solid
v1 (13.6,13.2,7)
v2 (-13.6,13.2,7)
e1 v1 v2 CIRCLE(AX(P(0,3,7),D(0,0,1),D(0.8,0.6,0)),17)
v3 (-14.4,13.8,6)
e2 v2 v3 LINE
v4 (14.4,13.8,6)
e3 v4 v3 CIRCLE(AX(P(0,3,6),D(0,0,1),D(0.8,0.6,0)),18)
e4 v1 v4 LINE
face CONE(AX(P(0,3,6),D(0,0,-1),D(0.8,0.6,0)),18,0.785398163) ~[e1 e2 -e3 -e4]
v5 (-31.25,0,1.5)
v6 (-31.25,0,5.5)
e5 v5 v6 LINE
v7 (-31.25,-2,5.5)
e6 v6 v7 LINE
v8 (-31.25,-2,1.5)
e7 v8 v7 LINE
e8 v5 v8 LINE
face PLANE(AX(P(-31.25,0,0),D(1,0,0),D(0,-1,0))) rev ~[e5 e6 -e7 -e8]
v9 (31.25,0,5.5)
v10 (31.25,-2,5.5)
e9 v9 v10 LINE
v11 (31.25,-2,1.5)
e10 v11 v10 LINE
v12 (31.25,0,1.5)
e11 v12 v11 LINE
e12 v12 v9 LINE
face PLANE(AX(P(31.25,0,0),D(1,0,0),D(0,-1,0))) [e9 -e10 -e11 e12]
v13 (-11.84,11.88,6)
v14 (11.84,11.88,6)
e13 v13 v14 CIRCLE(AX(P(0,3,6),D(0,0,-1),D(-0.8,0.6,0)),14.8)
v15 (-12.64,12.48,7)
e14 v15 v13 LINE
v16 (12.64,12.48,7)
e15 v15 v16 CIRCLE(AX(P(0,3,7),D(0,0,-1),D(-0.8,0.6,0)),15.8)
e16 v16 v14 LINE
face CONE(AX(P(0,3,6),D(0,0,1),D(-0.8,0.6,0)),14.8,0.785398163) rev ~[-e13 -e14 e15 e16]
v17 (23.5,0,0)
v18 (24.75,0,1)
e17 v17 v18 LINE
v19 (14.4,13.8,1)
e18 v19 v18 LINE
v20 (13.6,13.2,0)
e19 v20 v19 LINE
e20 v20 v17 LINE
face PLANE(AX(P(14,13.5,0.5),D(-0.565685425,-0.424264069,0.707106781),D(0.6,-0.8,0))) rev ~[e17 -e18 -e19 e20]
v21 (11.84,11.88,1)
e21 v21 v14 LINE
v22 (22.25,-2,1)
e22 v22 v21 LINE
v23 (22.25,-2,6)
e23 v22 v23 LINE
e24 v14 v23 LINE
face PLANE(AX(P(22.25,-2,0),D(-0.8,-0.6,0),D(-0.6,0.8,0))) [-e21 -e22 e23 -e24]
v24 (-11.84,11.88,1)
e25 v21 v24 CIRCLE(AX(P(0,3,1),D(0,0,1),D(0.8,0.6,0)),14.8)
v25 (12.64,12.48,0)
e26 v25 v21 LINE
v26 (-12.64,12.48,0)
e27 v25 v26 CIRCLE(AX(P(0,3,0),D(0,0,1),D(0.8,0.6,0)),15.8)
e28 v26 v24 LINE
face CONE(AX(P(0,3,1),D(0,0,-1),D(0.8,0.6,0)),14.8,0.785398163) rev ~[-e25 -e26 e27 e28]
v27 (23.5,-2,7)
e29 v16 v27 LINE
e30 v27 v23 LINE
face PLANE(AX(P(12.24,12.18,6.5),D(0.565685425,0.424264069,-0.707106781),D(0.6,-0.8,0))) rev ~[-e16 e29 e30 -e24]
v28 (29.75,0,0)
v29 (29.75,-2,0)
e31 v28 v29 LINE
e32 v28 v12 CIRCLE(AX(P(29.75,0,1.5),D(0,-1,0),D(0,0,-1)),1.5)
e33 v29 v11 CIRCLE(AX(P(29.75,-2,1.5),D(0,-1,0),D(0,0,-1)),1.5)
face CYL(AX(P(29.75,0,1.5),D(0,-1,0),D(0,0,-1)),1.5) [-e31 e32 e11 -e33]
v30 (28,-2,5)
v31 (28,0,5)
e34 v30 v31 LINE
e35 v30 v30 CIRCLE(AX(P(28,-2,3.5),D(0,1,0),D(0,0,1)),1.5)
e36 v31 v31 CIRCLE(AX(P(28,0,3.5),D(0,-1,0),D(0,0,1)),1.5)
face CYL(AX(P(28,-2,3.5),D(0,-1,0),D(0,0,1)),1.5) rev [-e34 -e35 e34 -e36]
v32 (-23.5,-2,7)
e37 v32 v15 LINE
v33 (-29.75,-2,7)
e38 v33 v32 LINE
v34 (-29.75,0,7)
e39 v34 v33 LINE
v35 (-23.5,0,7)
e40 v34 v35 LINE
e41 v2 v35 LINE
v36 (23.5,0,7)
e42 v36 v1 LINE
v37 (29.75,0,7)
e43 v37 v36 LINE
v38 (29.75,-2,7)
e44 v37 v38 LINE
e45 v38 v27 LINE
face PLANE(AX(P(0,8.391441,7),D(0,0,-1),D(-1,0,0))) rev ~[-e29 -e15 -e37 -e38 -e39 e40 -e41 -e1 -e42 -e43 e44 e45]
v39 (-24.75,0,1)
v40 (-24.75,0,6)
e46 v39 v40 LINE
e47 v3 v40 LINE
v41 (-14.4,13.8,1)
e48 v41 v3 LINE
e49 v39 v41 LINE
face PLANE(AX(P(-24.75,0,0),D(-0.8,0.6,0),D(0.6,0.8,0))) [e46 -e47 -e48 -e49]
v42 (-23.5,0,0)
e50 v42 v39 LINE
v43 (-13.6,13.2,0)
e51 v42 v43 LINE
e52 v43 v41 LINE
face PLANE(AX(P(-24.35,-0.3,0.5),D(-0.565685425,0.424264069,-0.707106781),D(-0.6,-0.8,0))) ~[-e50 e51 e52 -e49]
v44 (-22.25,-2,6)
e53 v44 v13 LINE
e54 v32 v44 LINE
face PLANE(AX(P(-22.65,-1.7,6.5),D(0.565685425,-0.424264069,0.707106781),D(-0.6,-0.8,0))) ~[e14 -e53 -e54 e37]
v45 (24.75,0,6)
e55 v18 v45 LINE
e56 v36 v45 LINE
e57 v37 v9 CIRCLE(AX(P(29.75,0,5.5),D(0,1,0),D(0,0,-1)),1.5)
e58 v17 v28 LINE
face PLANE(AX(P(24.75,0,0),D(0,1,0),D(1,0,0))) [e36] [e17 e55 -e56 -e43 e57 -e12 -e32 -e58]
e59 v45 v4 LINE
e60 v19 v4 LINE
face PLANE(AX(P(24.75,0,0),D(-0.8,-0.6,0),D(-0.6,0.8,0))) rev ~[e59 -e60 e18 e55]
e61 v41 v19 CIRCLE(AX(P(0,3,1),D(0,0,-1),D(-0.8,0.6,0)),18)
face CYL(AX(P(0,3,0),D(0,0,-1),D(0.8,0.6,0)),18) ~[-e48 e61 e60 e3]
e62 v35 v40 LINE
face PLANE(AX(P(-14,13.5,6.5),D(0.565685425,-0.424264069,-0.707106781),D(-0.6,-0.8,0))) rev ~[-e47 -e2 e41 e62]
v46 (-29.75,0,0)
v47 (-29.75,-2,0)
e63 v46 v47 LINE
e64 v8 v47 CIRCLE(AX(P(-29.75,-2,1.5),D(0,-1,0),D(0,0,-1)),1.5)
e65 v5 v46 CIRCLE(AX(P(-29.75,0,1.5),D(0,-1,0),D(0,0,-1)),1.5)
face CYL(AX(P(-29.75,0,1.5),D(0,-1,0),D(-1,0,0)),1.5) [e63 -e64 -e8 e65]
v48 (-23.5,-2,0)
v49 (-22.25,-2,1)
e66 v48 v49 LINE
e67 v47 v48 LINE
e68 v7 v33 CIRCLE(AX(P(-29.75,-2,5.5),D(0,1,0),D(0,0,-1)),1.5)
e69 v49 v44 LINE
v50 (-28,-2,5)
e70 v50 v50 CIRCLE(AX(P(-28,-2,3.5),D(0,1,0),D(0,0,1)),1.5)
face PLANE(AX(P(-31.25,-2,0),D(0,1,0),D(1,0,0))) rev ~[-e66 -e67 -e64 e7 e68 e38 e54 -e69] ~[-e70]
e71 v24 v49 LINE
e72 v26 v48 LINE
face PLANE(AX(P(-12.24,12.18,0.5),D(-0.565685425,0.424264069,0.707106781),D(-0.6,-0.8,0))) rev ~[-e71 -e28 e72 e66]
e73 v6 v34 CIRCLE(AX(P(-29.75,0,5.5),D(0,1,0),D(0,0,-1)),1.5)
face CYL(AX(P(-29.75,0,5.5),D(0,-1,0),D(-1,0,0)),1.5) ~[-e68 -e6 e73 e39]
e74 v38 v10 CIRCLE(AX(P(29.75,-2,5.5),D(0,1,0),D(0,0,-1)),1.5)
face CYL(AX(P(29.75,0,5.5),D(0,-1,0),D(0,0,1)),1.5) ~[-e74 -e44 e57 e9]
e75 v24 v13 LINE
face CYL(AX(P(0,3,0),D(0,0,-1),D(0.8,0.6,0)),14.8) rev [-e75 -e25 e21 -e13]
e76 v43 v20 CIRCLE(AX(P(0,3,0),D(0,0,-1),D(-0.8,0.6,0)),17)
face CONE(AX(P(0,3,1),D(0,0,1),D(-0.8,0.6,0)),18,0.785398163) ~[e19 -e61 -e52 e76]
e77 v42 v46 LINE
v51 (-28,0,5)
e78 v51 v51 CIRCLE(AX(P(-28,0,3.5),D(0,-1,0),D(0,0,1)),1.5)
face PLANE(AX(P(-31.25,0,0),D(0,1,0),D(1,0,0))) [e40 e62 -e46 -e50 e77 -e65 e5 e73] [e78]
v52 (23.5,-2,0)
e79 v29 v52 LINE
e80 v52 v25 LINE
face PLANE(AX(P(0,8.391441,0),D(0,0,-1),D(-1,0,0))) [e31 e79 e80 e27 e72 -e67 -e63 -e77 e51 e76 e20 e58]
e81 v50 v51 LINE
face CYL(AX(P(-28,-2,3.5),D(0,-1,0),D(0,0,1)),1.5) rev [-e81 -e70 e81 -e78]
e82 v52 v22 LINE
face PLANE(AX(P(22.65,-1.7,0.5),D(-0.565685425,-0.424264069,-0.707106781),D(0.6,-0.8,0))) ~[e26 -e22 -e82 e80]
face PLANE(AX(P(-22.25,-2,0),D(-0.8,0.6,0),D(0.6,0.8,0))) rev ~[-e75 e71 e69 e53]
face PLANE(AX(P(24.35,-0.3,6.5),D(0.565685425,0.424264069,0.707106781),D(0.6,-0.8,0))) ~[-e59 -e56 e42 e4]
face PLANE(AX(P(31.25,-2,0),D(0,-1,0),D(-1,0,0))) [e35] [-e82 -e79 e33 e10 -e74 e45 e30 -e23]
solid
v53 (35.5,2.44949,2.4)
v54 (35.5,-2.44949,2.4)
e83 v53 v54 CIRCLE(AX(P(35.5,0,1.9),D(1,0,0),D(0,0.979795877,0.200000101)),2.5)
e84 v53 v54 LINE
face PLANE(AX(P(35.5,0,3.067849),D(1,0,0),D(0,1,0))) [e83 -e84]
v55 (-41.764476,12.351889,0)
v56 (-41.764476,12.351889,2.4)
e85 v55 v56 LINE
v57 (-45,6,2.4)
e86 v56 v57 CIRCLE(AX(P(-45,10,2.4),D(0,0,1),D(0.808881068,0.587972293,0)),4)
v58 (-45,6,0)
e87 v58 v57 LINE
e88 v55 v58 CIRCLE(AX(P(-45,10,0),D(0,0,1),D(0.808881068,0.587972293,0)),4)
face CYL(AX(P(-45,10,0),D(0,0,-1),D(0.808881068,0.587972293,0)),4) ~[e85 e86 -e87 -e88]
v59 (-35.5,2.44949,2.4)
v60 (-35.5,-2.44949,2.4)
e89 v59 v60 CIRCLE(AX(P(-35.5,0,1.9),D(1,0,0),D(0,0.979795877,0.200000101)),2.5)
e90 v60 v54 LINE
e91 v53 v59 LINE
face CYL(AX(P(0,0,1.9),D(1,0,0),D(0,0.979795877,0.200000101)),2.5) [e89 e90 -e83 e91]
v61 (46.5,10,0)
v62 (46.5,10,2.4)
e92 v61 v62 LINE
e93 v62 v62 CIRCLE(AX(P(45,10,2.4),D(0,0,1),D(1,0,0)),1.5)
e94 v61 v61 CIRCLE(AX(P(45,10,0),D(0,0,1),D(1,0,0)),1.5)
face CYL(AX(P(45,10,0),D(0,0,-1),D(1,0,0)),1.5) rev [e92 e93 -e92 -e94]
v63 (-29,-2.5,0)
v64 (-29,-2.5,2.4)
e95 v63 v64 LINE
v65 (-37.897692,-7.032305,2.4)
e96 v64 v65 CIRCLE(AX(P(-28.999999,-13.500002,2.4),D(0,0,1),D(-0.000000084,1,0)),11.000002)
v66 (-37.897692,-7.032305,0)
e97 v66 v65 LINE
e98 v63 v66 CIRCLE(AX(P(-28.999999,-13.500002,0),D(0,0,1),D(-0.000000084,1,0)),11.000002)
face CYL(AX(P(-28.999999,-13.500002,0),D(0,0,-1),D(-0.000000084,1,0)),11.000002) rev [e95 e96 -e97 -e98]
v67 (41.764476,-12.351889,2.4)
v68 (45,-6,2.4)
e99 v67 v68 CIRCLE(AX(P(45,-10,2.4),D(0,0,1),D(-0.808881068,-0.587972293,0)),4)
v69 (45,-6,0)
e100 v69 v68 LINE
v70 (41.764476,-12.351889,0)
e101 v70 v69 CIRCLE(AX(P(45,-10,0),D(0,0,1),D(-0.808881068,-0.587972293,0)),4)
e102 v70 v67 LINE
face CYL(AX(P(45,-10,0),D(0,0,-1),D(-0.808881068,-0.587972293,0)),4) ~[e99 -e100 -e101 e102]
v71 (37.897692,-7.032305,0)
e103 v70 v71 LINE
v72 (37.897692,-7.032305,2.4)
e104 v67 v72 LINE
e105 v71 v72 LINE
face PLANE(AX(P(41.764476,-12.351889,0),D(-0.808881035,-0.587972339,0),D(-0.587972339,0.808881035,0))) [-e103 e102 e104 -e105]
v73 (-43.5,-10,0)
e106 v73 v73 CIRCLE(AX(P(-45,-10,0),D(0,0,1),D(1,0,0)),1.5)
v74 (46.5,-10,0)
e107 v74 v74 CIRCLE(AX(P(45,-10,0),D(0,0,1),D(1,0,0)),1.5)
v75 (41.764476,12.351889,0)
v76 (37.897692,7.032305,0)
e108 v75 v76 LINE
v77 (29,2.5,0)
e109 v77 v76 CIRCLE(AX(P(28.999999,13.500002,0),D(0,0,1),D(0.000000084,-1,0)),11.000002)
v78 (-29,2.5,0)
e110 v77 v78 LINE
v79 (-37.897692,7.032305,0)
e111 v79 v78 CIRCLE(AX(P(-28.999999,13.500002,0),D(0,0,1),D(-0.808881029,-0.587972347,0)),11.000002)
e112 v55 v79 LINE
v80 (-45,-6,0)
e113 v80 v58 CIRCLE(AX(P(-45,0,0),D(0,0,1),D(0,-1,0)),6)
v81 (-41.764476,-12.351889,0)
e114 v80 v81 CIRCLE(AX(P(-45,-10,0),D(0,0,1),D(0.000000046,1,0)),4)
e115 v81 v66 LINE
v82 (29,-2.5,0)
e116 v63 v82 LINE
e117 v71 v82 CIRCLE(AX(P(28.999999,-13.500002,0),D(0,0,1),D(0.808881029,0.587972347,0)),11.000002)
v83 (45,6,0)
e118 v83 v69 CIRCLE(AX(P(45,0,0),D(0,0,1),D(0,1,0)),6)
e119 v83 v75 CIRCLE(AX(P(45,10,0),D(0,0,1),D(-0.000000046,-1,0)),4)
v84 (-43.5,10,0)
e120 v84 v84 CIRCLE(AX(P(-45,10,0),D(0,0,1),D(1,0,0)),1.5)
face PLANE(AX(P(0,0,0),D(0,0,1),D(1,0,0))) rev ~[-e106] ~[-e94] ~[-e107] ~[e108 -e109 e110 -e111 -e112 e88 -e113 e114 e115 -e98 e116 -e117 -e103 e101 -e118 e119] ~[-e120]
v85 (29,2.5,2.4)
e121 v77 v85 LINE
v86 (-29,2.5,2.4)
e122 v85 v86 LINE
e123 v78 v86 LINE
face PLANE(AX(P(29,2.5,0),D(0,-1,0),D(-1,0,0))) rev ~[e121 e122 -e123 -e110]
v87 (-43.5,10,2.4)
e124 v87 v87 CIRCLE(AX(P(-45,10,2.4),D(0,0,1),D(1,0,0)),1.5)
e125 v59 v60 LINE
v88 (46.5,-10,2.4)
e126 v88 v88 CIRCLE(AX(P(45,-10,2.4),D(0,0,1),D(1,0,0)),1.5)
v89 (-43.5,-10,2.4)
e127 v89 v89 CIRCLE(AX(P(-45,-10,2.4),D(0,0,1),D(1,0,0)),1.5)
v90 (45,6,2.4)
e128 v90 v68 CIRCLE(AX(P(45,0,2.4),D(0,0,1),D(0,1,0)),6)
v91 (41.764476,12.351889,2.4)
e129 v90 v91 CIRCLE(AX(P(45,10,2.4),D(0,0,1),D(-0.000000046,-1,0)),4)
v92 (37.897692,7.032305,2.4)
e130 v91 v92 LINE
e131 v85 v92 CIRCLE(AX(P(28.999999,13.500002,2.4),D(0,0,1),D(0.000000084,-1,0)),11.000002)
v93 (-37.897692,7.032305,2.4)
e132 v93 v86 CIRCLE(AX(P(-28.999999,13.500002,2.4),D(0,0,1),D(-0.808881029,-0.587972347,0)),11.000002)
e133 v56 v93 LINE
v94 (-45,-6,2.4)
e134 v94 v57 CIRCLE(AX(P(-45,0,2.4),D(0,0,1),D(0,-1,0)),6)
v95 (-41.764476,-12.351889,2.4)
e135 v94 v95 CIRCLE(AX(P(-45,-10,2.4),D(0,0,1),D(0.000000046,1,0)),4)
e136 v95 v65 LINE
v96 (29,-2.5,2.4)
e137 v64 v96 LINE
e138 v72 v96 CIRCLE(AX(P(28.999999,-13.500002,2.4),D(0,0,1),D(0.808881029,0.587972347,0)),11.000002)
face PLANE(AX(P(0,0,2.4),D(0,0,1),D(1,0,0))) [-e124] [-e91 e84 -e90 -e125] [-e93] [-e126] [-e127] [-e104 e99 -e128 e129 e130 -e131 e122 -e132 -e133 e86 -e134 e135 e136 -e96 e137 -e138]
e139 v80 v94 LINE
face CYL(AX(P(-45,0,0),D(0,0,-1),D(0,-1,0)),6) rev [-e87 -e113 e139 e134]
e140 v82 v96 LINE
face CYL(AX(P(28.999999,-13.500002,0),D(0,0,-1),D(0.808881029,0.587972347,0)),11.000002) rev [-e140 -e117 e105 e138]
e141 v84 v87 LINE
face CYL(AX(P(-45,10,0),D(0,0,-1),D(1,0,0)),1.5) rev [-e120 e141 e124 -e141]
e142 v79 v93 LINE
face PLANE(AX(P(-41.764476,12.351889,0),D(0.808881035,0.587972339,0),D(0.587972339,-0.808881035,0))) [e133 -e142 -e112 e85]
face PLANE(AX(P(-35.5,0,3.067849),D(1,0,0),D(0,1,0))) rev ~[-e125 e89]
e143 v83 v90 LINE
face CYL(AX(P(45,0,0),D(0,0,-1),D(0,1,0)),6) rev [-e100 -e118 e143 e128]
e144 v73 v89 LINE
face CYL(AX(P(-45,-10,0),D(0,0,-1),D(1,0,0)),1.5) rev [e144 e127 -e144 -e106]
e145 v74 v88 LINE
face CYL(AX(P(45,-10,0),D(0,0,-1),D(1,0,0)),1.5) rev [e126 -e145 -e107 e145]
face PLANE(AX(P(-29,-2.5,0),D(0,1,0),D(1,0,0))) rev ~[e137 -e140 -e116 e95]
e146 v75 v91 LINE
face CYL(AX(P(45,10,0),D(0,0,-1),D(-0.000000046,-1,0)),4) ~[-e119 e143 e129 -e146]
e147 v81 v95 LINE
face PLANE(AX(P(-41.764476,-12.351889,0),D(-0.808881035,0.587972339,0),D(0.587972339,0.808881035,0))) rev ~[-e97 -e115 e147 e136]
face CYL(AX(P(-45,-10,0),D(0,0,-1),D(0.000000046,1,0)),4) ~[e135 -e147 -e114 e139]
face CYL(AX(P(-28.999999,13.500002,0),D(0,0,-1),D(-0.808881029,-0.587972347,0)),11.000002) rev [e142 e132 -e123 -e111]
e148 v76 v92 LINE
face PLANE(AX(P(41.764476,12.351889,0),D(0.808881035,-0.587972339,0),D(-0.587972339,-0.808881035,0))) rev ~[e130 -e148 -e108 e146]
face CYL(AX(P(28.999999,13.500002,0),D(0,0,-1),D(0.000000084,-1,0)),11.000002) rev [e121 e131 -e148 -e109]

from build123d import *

# Parameters (mm, degrees)
PAD_DEPTH         = 7
SKETCH002_R       = 1.5
POCKET_DEPTH      = 0.001
POCKET_DEPTH_BACK = -23.001
FILLET_R          = 1.5
CHAMFER_SIZE      = 1
SKETCH003_R       = 1.5
PAD001_DEPTH      = 2.4
PAD002_DEPTH      = 35.5


with BuildPart() as turtle_fin:
    # Sketch001 → Pad (new body)
    with BuildSketch(Plane.XY):
        with BuildLine():
            Line((-31.25, 0), (-24.75, 0))
            Line((-24.75, 0), (-14.4, 13.8))
            ThreePointArc((14.4, 13.8), (0, 21), (-14.4, 13.8))
            Line((24.75, 0), (14.4, 13.8))
            Line((24.75, 0), (31.25, 0))
            Line((31.25, 0), (31.25, -2))
            Line((31.25, -2), (22.25, -2))
            Line((22.25, -2), (11.84, 11.88))
            ThreePointArc((11.84, 11.88), (0, 17.8), (-11.84, 11.88))
            Line((-22.25, -2), (-11.84, 11.88))
            Line((-31.25, -2), (-22.25, -2))
            Line((-31.25, 0), (-31.25, -2))
        make_face()
    extrude(amount=PAD_DEPTH)

    # Sketch002 (on Face8 of Pad) → Pocket (cut, two sides)
    with BuildSketch(Plane(origin=(0, -2, 3.5), x_dir=(0, 0, 1), z_dir=(0, 1, 0))) as pocket_sk:
        with Locations((0, 28)):
            Circle(SKETCH002_R)
        with Locations((0, -28)):
            Circle(SKETCH002_R)
    extrude(amount=-POCKET_DEPTH, mode=Mode.SUBTRACT)
    extrude(pocket_sk.sketch, amount=-POCKET_DEPTH_BACK, mode=Mode.SUBTRACT)

    # Fillet
    fillet_edges = [turtle_fin.edges().sort_by_distance(p)[0] for p in [
        (31.25, -1, 0),
        (31.25, -1, 7),
        (-31.25, -1, 0),
        (-31.25, -1, 7),
    ]]
    fillet(fillet_edges, radius=FILLET_R)

    # Chamfer
    chamfer_edges = [turtle_fin.edges().sort_by_distance(p)[0] for p in [
        (17.045, 4.94, 0),
        (0, 17.8, 0),
        (-17.045, 4.94, 0),
        (-17.045, 4.94, 7),
        (0, 17.8, 7),
        (17.045, 4.94, 7),
        (-19.575, 6.9, 0),
        (0, 21, 0),
        (19.575, 6.9, 0),
        (0, 21, 7),
        (-19.575, 6.9, 7),
        (19.575, 6.9, 7),
    ]]
    chamfer(chamfer_edges, length=CHAMFER_SIZE)


with BuildPart() as turtle_fin_v2:
    # Sketch003 → Pad001 (new body)
    with BuildSketch(Plane.XY):
        with BuildLine():
            ThreePointArc((41.764476, -12.351889), (48.564236, -11.81555), (45, -6))
            ThreePointArc((45, 6), (39, 0), (45, -6))
            ThreePointArc((45, 6), (48.564236, 11.81555), (41.764476, 12.351889))
            Line((41.764476, 12.351889), (37.897692, 7.032305))
            ThreePointArc((29, 2.5), (33.992762, 3.698351), (37.897692, 7.032305))
            Line((29, 2.5), (-29, 2.5))
            ThreePointArc((-37.897692, 7.032305), (-33.992762, 3.698351), (-29, 2.5))
            Line((-41.764476, 12.351889), (-37.897692, 7.032305))
            ThreePointArc((-41.764476, 12.351889), (-48.564236, 11.81555), (-45, 6))
            ThreePointArc((-45, -6), (-39, 0), (-45, 6))
            ThreePointArc((-45, -6), (-48.564236, -11.81555), (-41.764476, -12.351889))
            Line((-41.764476, -12.351889), (-37.897692, -7.032305))
            ThreePointArc((-29, -2.5), (-33.992762, -3.698351), (-37.897692, -7.032305))
            Line((-29, -2.5), (29, -2.5))
            ThreePointArc((37.897692, -7.032305), (33.992762, -3.698351), (29, -2.5))
            Line((41.764476, -12.351889), (37.897692, -7.032305))
        make_face()
        with Locations((-45, 10)):
            Circle(SKETCH003_R, mode=Mode.SUBTRACT)
        with Locations((-45, -10)):
            Circle(SKETCH003_R, mode=Mode.SUBTRACT)
        with Locations((45, 10)):
            Circle(SKETCH003_R, mode=Mode.SUBTRACT)
        with Locations((45, -10)):
            Circle(SKETCH003_R, mode=Mode.SUBTRACT)
    extrude(amount=PAD001_DEPTH)

    # Sketch004 → Pad002 (join, symmetric)
    with BuildSketch(Plane.YZ):
        with BuildLine():
            ThreePointArc((2.44949, 2.4), (0, 4.4), (-2.44949, 2.4))
            Line((2.44949, 2.4), (-2.44949, 2.4))
        make_face()
    extrude(amount=PAD002_DEPTH, both=True)


solid = Compound([turtle_fin.part, turtle_fin_v2.part])
